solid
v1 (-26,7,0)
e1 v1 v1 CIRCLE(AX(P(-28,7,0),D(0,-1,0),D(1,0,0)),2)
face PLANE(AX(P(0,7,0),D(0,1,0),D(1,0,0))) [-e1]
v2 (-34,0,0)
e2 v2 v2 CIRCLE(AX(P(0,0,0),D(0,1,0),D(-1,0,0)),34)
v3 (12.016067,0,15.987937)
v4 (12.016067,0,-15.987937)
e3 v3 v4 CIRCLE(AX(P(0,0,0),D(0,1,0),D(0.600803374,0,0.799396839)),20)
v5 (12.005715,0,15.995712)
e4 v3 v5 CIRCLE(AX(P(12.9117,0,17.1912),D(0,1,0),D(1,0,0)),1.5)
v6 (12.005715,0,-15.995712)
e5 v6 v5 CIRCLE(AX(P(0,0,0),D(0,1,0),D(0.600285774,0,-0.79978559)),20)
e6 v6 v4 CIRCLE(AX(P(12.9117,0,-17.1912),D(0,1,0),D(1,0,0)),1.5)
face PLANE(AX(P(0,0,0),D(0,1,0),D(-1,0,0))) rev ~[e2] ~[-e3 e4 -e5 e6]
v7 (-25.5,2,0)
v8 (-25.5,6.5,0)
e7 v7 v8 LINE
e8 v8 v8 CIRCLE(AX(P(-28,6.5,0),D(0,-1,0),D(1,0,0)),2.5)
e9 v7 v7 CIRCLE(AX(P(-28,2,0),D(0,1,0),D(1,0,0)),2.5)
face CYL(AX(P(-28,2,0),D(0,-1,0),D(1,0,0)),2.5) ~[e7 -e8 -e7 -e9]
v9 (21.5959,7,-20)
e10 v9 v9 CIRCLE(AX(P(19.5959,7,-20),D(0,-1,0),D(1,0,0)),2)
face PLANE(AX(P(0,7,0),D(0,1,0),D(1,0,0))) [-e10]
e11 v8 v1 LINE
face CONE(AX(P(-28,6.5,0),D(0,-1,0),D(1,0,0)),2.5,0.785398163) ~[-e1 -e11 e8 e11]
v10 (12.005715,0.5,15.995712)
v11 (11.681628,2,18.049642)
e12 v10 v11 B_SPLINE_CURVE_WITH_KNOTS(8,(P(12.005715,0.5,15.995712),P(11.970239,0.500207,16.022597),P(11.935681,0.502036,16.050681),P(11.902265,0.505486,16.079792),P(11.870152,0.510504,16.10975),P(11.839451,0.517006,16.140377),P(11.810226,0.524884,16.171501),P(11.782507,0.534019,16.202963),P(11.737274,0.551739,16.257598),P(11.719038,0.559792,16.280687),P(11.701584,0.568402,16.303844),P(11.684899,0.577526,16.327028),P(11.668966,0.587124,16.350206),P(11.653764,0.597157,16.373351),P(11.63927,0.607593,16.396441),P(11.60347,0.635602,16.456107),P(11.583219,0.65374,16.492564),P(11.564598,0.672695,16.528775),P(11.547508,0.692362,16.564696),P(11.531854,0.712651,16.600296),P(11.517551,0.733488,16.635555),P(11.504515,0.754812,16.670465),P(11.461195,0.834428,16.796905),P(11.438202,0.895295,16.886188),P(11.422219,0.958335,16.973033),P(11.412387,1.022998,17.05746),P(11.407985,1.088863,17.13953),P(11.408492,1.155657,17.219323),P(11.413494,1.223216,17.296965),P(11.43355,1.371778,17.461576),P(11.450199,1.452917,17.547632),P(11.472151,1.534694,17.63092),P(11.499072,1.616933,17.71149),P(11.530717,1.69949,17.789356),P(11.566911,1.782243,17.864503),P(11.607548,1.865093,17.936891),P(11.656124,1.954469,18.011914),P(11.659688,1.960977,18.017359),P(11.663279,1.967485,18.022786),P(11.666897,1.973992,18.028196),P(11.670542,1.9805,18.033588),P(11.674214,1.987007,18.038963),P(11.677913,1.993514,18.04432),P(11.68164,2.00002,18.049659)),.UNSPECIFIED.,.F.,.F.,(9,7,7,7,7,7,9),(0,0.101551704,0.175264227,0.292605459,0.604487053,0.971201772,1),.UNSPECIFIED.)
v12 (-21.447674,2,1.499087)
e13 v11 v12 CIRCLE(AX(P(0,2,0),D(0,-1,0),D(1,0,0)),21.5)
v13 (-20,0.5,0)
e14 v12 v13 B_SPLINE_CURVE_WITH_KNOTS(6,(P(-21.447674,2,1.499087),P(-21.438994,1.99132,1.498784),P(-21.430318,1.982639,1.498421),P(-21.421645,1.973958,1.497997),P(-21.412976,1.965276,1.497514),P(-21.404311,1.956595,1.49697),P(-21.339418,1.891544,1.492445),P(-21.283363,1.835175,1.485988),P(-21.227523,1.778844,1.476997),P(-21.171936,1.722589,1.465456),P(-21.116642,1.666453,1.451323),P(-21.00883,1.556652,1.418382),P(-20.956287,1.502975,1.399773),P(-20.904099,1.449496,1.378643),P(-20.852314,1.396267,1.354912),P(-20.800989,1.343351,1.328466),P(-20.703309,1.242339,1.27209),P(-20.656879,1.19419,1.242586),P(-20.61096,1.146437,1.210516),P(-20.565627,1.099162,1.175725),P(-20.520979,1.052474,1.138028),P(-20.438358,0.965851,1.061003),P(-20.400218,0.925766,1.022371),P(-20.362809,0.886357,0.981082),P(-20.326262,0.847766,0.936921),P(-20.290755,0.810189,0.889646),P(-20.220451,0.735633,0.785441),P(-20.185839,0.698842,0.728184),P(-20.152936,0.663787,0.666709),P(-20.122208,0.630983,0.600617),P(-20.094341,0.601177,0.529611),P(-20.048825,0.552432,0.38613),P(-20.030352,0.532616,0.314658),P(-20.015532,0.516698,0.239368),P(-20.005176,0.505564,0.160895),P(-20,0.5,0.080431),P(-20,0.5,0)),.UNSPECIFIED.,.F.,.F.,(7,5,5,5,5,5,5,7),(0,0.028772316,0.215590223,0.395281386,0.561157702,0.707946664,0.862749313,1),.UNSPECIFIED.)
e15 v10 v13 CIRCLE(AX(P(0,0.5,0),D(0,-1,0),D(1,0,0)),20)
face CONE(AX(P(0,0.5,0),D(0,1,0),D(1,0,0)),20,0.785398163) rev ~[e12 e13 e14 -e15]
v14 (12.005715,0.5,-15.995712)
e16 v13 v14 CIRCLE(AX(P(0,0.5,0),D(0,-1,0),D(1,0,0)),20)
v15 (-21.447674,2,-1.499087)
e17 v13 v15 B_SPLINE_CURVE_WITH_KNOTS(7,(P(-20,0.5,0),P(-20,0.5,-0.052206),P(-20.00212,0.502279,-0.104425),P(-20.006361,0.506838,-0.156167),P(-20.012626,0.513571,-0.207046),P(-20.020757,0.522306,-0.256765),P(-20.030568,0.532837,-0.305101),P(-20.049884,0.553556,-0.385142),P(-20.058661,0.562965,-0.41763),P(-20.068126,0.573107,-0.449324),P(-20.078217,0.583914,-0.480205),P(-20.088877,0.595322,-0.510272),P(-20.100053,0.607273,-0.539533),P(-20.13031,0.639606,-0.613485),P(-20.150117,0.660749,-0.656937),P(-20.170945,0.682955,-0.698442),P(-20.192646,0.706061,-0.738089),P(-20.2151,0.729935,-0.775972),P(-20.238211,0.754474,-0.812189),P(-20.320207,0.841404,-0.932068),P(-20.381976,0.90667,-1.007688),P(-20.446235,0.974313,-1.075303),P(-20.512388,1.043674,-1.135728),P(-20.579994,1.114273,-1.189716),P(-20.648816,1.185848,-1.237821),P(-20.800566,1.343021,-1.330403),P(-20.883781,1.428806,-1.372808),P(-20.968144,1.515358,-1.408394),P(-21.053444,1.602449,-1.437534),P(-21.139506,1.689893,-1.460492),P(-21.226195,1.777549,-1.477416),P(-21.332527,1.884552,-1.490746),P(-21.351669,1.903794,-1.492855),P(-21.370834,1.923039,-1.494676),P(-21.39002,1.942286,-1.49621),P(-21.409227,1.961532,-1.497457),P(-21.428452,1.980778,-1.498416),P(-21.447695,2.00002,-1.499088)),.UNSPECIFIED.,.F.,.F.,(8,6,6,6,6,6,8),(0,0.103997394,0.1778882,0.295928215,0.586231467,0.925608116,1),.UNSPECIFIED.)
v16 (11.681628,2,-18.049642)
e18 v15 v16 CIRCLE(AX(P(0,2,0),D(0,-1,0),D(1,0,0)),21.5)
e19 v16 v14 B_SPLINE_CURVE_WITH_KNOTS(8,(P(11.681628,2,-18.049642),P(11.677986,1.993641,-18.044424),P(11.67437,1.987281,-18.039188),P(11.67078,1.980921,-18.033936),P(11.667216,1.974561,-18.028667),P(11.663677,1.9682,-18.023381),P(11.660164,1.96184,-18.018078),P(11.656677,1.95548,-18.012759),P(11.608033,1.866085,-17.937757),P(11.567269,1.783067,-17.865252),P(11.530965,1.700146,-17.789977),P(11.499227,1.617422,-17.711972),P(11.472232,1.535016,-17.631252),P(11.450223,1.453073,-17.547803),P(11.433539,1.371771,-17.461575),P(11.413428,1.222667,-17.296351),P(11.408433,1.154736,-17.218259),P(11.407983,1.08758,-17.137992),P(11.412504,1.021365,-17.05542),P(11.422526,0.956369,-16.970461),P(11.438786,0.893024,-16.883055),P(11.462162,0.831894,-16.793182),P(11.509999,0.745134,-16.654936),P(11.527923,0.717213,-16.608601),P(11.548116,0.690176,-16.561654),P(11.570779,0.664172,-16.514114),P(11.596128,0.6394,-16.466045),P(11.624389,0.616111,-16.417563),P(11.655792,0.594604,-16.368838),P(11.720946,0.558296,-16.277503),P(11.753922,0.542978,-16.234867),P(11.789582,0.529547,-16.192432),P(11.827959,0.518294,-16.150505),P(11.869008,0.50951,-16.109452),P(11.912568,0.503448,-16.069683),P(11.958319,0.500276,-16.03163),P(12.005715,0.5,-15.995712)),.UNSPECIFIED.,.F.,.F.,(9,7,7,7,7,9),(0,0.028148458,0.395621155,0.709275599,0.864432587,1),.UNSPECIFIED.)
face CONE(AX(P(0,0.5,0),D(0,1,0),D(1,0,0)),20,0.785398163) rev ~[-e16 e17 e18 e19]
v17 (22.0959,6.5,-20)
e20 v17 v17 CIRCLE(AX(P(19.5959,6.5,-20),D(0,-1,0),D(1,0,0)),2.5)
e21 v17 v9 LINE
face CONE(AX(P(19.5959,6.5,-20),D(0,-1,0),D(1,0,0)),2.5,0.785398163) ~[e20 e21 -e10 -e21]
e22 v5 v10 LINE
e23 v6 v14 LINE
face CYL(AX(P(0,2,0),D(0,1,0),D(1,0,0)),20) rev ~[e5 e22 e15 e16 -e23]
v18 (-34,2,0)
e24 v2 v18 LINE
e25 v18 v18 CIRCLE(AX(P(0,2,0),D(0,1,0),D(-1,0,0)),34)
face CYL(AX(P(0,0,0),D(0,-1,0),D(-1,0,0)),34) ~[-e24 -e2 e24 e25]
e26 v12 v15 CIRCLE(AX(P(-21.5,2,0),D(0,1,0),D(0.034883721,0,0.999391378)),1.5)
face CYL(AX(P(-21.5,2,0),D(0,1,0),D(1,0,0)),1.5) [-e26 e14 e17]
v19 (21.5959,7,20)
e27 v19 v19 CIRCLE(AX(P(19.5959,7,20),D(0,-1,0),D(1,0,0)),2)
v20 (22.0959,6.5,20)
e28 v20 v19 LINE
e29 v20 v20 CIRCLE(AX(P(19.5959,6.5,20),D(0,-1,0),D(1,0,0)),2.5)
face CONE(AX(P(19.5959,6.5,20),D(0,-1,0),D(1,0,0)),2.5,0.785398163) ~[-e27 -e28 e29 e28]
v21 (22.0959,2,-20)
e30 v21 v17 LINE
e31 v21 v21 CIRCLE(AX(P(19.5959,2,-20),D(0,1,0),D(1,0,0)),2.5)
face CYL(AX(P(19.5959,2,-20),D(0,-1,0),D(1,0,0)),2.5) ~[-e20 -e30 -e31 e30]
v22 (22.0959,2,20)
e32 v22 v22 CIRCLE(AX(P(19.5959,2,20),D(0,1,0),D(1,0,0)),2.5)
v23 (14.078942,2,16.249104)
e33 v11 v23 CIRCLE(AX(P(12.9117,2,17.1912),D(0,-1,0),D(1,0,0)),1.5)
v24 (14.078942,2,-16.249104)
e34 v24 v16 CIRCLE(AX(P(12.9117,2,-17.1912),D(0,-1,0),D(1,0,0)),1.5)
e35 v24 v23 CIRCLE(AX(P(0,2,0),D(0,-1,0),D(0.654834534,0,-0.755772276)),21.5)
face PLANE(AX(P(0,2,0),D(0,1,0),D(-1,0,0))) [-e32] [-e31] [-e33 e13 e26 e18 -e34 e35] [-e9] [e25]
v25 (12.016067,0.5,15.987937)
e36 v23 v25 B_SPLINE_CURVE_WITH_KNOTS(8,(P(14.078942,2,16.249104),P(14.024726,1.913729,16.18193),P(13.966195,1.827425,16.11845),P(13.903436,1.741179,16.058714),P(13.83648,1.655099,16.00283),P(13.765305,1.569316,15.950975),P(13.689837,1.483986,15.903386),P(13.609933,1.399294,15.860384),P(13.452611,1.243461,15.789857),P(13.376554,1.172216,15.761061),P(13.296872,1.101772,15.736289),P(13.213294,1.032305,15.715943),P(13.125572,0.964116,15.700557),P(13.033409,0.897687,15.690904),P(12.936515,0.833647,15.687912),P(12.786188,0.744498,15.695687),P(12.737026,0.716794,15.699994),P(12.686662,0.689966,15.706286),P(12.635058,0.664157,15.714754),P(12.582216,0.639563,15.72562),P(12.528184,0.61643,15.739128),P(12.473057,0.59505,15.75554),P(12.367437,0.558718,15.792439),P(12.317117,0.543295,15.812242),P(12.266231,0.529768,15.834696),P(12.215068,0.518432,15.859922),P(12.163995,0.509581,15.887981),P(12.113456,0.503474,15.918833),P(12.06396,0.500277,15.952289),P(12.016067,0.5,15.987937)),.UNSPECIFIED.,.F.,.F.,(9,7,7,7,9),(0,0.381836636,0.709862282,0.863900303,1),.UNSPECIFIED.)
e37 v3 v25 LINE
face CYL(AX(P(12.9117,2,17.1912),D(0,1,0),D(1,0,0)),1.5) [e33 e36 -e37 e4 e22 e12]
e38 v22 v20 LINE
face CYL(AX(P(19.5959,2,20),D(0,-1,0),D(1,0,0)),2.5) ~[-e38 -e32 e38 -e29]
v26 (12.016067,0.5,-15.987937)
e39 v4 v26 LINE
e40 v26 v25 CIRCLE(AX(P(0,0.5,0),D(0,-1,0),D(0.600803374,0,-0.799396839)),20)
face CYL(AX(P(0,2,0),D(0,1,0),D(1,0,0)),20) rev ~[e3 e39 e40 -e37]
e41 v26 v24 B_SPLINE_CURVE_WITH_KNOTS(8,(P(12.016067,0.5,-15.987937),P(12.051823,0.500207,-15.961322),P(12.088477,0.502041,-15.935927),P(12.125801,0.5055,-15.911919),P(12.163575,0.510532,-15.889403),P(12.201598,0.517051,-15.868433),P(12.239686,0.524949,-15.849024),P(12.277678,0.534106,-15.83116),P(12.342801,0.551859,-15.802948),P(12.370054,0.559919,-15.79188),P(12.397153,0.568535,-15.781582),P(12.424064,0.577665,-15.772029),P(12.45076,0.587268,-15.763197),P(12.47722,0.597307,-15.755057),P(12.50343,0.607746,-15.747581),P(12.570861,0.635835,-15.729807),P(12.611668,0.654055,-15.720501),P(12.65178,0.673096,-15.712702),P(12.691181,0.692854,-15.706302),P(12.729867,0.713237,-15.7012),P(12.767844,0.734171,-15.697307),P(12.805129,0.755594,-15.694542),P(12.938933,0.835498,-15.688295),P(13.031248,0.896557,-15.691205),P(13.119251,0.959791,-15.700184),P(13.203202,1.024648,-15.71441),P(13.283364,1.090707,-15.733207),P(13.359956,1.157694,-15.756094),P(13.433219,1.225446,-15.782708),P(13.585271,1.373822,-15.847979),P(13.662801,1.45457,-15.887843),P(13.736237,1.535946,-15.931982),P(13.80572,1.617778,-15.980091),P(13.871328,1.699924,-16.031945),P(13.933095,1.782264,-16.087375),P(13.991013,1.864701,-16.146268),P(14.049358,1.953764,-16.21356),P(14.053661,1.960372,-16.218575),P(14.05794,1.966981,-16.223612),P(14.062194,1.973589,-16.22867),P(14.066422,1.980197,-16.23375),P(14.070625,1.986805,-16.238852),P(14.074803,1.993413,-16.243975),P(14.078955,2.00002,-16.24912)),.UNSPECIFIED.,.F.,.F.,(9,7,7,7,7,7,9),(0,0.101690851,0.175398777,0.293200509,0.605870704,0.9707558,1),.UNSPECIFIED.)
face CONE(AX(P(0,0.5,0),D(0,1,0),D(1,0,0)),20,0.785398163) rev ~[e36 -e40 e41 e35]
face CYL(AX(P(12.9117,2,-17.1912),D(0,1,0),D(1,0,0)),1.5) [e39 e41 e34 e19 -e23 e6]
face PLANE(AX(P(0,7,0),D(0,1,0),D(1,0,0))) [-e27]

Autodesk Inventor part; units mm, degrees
ref_plane "YZ Plane" through (0, 0, 0) normal (1, 0, 0) x (0, 1, 0)
ref_plane "XZ Plane" through (0, 0, 0) normal (0, 1, 0) x (-1, 0, 0)
ref_plane "XY Plane" through (0, 0, 0) normal (0, 0, 1) x (1, 0, 0)
sketch "Эскиз1" plane through (0, 0, 0) normal (0, 1, 0) x (-1, 0, 0)
  circle A0 centre (0, 0) radius 34
  dimension "d0" = 68
extrude "Выдавливание1" add sketch "Эскиз1" along normal blind 2
sketch "Эскиз2" plane through (0, 2, 0) normal (0, 1, 0) x (1, 0, 0)
  circle A0 centre (0, 0) radius 28
  line L0 (19.5959, -20) -> (19.5959, 20)
  line L1 (19.5959, -20) -> (-28, 0)
  line L2 (19.5959, 20) -> (-28, 0)
  circle A1 centre (-28, 0) radius 2.5
  circle A2 centre (19.5959, -20) radius 2.5
  circle A3 centre (19.5959, 20) radius 2.5
  dimension "d3" = 56
  dimension "d4" = 40
  dimension "d5" = 5
extrude "Выдавливание2" add sketch "Эскиз2" along normal blind 5 contours A3 L0 A0 | A0 A3 | A2 A0 | A0 L0 A2 | L2 A3 A0 | L0 A3 L2 | L1 A2 L0 | A0 A2 L1 | A1 L2 A0 | A0 A1 | A1 L1 L2 | A0 L1 A1
chamfer "Фаска1" distance 0.5 angle 45 3 edges at (17.0959, 7, -20) (17.0959, 7, 20) (-30.5, 7, 0)
sketch "Эскиз3" plane through (0, 2, 0) normal (0, 1, 0) x (1, 0, 0)
  circle A0 centre (0, 0) radius 20
  circle A1 centre (-28, 0) radius 2 projected
  circle A2 centre (19.5959, 20) radius 2 projected
  circle A3 centre (19.5959, -20) radius 2 projected
  line L0 (-28, 0) -> (19.5959, -20)
  circle A4 centre (-28, 0) radius 2.5 projected
  line L1 (19.5959, 20) -> (-28, 0)
  circle A5 centre (11.289, -16.5094) radius 1.5
  circle A6 centre (11.289, 16.5094) radius 1.5
  circle A7 centre (-20, 0) radius 1.5
  dimension "d11" = 40
  dimension "d17" = 3
extrude "Выдавливание3" cut sketch "Эскиз3" against normal blind 5 contours A0 A5 L0 A7 L1 A6 | A6 L1 A0 | A0 L0 A5 | L1 A6 A0 | L1 A0 A6 | A0 A5 L0 | A5 A0 L0 | A7 A0 picked at (11.3081, 15.9275) picked at (11.3081, -15.9275) picked at (10.6892, 16.4081) picked at (-9.3619, 9.1636) picked at (10.6892, -16.4081) picked at (-9.3619, -9.1636) picked at (-19.4958, 0)
chamfer "Фаска2" distance 1.5 angle 45 1 edges at (-20, 2, 0)
sketch "Эскиз4" plane through (0, 2, 0) normal (0, 1, 0) x (1, 0, 0)
  circle A0 centre (-28, 0) radius 2 projected
  circle A1 centre (19.5959, -20) radius 2 projected
  circle A2 centre (19.5959, 20) radius 2 projected
  circle A3 centre (-28, 0) radius 2 projected
  line L0 (19.5959, -20) -> (-28, 0)
  circle A4 centre (19.5959, 20) radius 2 projected
  line L1 (-28, 0) -> (19.5959, 20)
  circle A5 centre (0, 0) radius 20 projected
  circle A6 centre (0, 0) radius 21.5 projected
  circle A7 centre (12.9117, 17.1912) radius 1.5
  circle A8 centre (12.9117, -17.1912) radius 1.5
  circle A9 centre (-21.5, 0) radius 1.5
extrude "Выдавливание4" add sketch "Эскиз4" against normal up to surface (2 mm away) contours A7 L1 A6 | A6 L1 A7 | A9 A6 | A6 A9 | A8 L0 A6 | A6 L0 A8 | A6 A7 L1 | L1 A7 A6 | A6 A8 L0 | L0 A8 A6
properties part number "Шапка лидара"
